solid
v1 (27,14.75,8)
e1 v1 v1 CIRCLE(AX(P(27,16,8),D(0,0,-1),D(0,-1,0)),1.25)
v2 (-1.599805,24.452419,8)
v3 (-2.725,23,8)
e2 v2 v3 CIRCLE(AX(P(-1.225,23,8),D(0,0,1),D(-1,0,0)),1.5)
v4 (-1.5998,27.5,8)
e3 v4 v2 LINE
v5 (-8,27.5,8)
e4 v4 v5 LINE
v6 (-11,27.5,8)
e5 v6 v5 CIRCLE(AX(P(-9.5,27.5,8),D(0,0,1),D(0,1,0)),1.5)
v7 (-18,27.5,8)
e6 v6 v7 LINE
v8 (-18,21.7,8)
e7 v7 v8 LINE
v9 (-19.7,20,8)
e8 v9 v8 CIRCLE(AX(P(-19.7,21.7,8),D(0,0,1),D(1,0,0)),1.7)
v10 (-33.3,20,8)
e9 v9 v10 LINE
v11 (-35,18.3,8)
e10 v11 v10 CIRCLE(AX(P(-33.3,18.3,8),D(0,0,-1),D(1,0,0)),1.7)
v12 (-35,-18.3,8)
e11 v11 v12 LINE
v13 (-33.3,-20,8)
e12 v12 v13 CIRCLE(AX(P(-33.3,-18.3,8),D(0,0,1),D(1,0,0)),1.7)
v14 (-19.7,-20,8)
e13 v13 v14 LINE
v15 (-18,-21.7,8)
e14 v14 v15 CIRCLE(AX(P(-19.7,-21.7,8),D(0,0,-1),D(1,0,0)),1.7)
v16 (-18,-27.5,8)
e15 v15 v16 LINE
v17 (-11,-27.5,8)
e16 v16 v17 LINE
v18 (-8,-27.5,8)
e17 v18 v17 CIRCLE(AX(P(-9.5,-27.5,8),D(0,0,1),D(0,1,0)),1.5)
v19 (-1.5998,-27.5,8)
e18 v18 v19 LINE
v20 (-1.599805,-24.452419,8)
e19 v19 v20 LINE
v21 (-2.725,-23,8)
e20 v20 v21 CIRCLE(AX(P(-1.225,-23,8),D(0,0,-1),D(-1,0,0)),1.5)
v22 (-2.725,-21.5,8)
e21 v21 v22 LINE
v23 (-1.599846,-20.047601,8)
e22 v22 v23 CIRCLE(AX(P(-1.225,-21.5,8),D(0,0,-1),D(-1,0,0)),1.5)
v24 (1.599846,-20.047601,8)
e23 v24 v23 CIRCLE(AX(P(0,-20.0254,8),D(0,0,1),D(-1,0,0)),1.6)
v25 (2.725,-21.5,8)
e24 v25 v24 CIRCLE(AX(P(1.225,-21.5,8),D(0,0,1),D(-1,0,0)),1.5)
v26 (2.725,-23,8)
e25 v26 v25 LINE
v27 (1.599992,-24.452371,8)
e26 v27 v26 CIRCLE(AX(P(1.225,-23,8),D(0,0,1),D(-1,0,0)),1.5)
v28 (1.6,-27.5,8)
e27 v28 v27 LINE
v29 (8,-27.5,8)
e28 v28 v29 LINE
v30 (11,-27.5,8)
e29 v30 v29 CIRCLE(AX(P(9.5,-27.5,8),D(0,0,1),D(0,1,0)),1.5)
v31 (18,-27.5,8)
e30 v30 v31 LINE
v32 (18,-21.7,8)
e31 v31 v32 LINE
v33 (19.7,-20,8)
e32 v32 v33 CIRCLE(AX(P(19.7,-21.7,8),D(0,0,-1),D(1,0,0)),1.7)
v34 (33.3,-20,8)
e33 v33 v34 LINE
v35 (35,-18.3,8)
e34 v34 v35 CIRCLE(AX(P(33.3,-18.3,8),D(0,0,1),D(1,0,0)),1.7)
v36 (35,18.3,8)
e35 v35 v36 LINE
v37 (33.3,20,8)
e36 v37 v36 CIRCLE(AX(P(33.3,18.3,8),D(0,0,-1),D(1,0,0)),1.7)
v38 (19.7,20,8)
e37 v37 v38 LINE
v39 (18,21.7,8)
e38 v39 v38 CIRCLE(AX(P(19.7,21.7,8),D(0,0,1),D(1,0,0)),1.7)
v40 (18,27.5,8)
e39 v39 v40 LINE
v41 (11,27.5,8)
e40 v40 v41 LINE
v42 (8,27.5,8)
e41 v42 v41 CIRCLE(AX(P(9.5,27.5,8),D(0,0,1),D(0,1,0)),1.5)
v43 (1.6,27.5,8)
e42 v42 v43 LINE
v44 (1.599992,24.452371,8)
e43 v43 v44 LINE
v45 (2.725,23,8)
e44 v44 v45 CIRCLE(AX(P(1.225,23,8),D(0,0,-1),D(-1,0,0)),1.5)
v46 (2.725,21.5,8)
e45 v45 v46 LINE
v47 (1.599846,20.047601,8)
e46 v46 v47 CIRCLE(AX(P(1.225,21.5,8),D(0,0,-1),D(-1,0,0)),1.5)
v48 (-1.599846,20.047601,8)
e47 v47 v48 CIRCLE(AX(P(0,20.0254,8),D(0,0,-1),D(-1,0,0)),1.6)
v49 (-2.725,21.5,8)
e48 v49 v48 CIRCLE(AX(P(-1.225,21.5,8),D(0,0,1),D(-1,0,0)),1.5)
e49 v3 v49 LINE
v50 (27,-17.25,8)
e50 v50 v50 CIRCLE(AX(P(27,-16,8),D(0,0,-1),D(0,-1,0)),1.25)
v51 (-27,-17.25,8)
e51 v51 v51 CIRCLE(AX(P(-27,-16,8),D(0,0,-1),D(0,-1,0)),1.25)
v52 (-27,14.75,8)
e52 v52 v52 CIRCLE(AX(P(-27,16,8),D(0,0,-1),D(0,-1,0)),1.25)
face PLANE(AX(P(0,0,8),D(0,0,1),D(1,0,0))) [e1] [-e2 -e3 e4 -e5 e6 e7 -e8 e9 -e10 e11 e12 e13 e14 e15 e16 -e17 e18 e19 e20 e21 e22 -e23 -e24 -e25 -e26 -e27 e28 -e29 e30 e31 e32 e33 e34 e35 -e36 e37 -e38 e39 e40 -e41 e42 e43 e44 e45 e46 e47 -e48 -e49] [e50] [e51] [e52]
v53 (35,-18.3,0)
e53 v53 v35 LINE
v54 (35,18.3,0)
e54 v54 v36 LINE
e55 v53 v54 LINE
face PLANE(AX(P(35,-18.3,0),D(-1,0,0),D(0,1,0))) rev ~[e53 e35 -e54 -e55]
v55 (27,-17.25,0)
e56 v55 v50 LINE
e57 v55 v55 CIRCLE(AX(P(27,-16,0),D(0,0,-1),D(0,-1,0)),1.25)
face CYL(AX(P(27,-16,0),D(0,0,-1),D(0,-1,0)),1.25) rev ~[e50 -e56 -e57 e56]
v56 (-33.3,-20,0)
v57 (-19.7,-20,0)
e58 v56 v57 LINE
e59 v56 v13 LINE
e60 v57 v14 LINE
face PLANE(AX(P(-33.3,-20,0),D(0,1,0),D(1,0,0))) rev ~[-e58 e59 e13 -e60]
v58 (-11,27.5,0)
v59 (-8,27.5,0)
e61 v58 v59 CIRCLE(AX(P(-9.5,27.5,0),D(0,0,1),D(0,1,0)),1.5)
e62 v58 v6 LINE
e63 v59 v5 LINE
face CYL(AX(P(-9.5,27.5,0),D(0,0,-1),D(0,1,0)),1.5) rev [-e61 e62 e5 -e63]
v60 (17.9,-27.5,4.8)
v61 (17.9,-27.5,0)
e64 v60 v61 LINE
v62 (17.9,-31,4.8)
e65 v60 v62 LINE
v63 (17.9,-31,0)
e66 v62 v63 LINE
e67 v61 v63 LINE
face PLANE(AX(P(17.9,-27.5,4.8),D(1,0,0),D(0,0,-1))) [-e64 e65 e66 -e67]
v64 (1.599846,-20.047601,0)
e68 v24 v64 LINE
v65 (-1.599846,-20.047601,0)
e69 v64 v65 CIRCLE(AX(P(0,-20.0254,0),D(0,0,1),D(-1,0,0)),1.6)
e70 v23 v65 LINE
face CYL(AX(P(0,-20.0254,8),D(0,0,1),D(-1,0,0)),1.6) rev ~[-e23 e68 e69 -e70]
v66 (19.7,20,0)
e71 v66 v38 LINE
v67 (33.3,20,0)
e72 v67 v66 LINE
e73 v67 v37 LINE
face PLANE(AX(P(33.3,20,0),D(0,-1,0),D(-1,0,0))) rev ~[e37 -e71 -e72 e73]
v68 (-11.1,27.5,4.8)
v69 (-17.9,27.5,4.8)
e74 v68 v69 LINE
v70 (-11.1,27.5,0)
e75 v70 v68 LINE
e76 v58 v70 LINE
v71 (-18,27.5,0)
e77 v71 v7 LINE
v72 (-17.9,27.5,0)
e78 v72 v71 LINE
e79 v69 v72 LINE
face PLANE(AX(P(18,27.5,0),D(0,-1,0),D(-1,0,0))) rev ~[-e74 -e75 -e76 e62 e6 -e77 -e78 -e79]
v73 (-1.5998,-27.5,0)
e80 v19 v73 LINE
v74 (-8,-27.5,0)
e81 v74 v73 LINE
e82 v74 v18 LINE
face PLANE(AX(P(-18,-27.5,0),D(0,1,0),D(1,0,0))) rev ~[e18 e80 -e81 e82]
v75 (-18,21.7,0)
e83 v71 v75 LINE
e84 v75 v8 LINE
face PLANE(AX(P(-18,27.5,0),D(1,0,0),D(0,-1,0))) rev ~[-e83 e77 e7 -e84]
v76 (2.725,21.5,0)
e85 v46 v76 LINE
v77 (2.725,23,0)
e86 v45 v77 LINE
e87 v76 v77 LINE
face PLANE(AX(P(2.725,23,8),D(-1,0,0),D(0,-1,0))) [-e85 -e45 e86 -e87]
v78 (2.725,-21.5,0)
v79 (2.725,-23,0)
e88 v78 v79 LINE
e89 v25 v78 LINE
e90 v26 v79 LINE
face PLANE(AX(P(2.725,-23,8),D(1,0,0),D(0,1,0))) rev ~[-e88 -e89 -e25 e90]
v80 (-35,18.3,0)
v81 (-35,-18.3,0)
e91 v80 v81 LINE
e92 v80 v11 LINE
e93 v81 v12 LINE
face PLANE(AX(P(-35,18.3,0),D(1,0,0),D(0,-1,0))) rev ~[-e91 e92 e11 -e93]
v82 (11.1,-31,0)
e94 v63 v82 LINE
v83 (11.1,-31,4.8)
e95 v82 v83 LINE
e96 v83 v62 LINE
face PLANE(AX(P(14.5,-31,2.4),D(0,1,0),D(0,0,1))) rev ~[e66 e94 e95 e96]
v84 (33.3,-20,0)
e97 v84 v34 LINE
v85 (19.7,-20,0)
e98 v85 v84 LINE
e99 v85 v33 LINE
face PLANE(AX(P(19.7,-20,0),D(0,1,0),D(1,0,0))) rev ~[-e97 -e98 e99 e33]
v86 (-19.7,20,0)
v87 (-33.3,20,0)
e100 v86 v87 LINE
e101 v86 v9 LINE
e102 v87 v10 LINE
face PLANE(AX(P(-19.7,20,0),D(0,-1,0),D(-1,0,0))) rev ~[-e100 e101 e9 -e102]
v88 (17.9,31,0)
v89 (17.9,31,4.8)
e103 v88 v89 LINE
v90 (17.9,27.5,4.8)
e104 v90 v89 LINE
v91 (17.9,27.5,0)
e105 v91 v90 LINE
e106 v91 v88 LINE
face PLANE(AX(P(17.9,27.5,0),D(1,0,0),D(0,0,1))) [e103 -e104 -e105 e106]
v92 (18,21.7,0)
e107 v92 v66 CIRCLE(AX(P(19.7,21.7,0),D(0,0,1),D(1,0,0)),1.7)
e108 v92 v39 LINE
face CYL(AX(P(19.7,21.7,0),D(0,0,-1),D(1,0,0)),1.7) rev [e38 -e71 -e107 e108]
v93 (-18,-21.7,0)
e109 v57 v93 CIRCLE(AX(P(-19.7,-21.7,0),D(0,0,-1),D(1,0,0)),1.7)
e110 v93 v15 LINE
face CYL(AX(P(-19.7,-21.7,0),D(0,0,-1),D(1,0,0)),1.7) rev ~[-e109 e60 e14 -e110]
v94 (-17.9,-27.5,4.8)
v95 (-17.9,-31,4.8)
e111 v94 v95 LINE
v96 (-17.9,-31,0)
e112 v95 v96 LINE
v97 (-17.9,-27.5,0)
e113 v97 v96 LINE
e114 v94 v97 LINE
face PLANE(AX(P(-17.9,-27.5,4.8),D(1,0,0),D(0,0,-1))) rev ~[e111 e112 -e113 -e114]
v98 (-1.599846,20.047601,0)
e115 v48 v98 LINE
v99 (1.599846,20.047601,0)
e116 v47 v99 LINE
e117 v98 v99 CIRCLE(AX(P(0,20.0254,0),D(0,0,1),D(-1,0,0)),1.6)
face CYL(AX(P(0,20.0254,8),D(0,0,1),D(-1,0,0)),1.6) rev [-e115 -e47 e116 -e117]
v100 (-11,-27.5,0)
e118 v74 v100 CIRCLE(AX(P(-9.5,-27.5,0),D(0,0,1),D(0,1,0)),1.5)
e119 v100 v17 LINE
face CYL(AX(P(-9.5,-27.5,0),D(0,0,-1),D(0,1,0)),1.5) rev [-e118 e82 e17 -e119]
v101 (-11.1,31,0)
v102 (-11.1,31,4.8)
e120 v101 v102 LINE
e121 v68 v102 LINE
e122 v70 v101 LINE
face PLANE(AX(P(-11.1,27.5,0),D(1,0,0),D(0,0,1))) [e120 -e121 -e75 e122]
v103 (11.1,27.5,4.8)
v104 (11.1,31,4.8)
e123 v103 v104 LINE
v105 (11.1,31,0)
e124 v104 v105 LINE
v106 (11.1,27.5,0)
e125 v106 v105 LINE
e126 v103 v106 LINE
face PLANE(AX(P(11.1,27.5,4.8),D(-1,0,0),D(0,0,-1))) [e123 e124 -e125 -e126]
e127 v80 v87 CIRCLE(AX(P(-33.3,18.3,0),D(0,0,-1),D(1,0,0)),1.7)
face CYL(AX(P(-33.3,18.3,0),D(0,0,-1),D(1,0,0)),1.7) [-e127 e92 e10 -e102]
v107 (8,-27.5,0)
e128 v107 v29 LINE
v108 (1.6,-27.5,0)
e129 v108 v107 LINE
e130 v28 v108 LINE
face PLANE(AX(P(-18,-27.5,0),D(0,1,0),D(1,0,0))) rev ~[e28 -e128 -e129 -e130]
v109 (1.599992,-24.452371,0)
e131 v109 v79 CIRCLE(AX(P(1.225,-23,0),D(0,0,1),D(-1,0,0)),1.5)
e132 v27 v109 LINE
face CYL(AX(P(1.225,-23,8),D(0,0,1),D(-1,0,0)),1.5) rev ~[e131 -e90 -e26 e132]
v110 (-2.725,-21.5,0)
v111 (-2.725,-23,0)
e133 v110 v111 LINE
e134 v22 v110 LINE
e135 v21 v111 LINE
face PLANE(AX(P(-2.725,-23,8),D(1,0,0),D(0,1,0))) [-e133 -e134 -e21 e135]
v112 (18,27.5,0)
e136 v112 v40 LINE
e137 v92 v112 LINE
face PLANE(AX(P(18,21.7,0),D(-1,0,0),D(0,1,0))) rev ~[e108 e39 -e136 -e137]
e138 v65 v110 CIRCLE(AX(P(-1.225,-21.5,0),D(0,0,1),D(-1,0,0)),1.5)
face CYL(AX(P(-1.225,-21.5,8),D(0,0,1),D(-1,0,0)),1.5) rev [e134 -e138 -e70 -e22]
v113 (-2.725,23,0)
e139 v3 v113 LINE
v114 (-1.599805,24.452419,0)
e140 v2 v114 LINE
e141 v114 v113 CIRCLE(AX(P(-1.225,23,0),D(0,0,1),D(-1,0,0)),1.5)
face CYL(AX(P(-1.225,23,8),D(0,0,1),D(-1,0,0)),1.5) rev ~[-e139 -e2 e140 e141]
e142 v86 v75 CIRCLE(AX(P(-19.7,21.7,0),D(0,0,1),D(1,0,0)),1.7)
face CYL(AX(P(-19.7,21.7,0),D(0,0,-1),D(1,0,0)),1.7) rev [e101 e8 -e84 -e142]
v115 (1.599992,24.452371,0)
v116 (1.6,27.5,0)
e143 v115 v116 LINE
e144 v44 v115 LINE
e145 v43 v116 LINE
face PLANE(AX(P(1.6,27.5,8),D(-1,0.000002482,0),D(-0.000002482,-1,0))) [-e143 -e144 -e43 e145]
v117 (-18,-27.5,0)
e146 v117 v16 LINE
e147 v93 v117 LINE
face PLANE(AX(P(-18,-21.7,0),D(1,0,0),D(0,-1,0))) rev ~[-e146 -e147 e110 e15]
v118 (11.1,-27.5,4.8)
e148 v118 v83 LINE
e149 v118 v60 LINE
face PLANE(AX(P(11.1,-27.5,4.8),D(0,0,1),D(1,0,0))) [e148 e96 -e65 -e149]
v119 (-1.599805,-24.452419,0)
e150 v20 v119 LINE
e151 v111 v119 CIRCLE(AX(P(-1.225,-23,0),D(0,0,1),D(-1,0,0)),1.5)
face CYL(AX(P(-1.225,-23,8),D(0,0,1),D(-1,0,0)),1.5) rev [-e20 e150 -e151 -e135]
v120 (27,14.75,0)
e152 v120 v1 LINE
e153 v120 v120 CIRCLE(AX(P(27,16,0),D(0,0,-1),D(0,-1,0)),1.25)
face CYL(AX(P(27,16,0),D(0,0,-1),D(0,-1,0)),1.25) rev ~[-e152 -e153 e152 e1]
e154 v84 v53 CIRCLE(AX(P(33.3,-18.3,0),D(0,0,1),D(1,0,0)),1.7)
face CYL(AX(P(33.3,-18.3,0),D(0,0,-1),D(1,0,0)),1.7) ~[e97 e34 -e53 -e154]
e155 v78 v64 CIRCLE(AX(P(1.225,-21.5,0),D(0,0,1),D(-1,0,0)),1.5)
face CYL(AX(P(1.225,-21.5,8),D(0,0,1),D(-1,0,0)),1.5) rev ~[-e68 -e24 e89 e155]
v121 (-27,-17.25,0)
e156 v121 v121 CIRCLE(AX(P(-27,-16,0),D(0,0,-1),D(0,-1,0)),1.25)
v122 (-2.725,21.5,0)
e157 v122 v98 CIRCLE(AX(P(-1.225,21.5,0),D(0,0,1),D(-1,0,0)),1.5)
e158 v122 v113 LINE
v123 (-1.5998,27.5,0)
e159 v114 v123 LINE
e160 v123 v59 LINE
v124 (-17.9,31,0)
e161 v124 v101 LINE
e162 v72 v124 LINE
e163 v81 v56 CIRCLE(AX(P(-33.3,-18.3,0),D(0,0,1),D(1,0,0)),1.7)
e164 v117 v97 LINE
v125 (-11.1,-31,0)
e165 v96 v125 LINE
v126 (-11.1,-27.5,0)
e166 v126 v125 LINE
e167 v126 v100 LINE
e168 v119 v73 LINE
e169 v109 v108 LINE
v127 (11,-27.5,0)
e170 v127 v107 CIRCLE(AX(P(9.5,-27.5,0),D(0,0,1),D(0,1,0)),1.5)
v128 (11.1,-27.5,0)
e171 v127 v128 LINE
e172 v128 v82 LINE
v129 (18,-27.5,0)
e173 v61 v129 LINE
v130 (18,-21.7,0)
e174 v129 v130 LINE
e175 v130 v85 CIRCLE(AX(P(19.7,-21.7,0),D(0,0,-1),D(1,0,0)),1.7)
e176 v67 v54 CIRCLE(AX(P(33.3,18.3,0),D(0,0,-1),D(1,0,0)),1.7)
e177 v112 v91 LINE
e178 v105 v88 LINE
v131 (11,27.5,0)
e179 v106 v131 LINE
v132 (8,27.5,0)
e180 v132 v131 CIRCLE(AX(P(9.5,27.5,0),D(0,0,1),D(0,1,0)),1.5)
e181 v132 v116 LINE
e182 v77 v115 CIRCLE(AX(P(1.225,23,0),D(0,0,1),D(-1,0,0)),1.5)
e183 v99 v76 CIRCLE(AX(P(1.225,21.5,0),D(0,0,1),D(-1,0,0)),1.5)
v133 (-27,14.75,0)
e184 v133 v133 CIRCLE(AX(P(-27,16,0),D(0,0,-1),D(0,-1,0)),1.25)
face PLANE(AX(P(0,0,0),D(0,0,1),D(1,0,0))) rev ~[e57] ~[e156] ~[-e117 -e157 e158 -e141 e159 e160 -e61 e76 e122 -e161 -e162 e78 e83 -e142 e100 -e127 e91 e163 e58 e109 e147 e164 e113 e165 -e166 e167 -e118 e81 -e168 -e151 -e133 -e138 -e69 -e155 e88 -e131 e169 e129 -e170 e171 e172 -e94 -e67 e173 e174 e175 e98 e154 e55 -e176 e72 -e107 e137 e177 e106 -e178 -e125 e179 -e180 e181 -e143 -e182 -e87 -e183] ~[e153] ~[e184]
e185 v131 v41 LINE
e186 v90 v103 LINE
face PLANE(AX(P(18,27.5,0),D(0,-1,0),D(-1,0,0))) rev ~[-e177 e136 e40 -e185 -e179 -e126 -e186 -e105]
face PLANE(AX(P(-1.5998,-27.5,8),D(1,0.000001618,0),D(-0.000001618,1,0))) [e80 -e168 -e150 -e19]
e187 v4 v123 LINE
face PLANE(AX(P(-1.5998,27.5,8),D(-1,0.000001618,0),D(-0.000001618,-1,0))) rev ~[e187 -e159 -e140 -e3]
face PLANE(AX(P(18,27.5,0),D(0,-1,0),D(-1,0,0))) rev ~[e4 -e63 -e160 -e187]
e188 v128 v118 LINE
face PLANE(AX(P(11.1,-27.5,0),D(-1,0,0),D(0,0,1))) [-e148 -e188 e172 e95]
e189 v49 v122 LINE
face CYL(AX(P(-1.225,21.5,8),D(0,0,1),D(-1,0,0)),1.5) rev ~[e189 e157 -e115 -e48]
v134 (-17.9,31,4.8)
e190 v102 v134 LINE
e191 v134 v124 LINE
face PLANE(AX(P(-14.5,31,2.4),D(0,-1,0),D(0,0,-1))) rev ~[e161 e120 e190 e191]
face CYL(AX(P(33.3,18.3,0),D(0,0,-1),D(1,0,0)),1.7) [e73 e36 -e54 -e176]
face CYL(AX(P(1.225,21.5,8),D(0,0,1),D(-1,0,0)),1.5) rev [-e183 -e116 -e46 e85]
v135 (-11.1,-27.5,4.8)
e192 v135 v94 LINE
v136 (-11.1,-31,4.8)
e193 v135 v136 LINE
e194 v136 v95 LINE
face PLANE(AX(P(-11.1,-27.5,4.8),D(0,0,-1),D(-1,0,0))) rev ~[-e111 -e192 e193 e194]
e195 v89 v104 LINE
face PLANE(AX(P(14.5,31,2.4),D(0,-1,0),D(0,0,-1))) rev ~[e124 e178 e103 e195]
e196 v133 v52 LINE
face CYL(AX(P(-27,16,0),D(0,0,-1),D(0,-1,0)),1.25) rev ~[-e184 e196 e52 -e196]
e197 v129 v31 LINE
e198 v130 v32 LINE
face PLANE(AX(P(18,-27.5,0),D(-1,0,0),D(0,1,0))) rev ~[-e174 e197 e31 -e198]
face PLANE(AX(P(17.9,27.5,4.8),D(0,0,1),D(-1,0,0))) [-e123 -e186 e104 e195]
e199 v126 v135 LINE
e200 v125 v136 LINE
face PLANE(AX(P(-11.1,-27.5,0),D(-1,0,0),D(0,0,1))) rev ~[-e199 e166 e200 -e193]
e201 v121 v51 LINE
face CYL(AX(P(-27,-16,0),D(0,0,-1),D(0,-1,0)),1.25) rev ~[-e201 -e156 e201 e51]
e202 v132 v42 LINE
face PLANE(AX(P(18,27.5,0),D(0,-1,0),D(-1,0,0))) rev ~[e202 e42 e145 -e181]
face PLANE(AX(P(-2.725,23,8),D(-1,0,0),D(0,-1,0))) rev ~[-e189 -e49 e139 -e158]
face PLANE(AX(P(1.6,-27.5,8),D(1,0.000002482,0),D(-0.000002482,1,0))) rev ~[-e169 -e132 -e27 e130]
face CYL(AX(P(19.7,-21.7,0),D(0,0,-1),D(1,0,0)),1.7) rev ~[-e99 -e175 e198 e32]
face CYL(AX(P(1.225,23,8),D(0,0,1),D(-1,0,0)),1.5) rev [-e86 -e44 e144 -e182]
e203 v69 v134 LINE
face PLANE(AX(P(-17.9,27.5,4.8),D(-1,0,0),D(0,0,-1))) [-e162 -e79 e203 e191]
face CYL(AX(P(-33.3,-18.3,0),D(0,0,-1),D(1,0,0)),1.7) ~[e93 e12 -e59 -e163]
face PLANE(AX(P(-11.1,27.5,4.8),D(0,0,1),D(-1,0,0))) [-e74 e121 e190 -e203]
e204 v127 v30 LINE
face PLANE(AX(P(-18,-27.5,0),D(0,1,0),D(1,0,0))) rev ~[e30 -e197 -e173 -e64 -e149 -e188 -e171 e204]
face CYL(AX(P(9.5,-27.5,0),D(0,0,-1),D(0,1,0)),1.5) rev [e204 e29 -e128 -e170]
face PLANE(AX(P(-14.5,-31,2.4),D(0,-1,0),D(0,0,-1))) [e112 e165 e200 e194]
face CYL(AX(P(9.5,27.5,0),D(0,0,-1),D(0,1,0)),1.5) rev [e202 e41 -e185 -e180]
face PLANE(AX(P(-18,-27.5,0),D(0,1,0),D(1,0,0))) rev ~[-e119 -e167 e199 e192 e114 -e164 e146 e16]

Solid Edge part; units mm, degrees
sketch "Sketch1" plane through (0, 0, 0) normal (0, 0, 1) x (1, 0, 0)
  line L0 (-18, -27.5) -> (18, -27.5)
  line L1 (18, -27.5) -> (18, -21.7)
  arc A0 (18, -21.7) -> (19.7, -20) centre (19.7, -21.7) cw
  line L2 (19.7, -20) -> (33.3, -20)
  arc A1 (33.3, -20) -> (35, -18.3) centre (33.3, -18.3) ccw
  line L3 (35, -18.3) -> (35, 18.3)
  arc A2 (33.3, 20) -> (35, 18.3) centre (33.3, 18.3) cw
  line L4 (33.3, 20) -> (19.7, 20)
  arc A3 (18, 21.7) -> (19.7, 20) centre (19.7, 21.7) ccw
  line L5 (18, 21.7) -> (18, 27.5)
  line L6 (18, 27.5) -> (-18, 27.5)
  line L7 (-18, 27.5) -> (-18, 21.7)
  arc A4 (-19.7, 20) -> (-18, 21.7) centre (-19.7, 21.7) ccw
  line L8 (-19.7, 20) -> (-33.3, 20)
  arc A5 (-35, 18.3) -> (-33.3, 20) centre (-33.3, 18.3) cw
  line L9 (-35, 18.3) -> (-35, -18.3)
  arc A6 (-35, -18.3) -> (-33.3, -20) centre (-33.3, -18.3) ccw
  line L10 (-33.3, -20) -> (-19.7, -20)
  arc A7 (-19.7, -20) -> (-18, -21.7) centre (-19.7, -21.7) cw
  line L11 (-18, -21.7) -> (-18, -27.5)
extrude "Protrusion1" add sketch "Sketch1" along normal blind 8
sketch "Sketch2" plane through (0, -27.5, 4) normal (0, -1, 0) x (1, 0, 0)
  line L0 (-11.1, 0.8) -> (-17.9, 0.8)
  line L1 (-17.9, 0.8) -> (-17.9, -4)
  line L2 (-17.9, -4) -> (-11.1, -4)
  line L3 (-11.1, -4) -> (-11.1, 0.8)
  line L4 (11.1, 0.8) -> (17.9, 0.8)
  line L5 (17.9, 0.8) -> (17.9, -4)
  line L6 (17.9, -4) -> (11.1, -4)
  line L7 (11.1, -4) -> (11.1, 0.8)
extrude "ExtrudedProtrusion_2" add sketch "Sketch2" along normal blind 3.5
sketch "Sketch3" plane through (0, 27.5, 4) normal (0, 1, 0) x (-1, 0, 0)
  line L0 (-17.9, 0.8) -> (-11.1, 0.8)
  line L1 (-11.1, 0.8) -> (-11.1, -4)
  line L2 (-11.1, -4) -> (-17.9, -4)
  line L3 (-17.9, -4) -> (-17.9, 0.8)
extrude "ExtrudedProtrusion_3" add sketch "Sketch3" along normal blind 3.5
sketch "Sketch4" plane through (0, 0, 0) normal (0, 0, -1) x (0, 1, 0)
  arc A0 (-27.5, -8) -> (-27.5, -11) centre (-27.5, -9.5) cw
  line L0 (-27.5, -8) -> (-27.5, -11)
  arc A1 (-27.5, 11) -> (-27.5, 8) centre (-27.5, 9.5) cw
  line L1 (-27.5, 8) -> (-27.5, 11)
  arc A2 (27.5, -11) -> (27.5, -8) centre (27.5, -9.5) cw
  line L2 (27.5, -8) -> (27.5, -11)
  arc A3 (27.5, 8) -> (27.5, 11) centre (27.5, 9.5) cw
  line L3 (27.5, 8) -> (27.5, 11)
extrude "ExtrudedCutout_2" cut sketch "Sketch4" against normal blind 8
sketch "Sketch5" plane through (0, 27.5, 4) normal (0, 1, 0) x (-1, 0, 0)
  line L0 (11.1, 0.8) -> (17.9, 0.8)
  line L1 (17.9, 0.8) -> (17.9, -4)
  line L2 (17.9, -4) -> (11.1, -4)
  line L3 (11.1, -4) -> (11.1, 0.8)
extrude "ExtrudedProtrusion_4" add sketch "Sketch5" along normal blind 3.5
sketch "Sketch6" plane through (0, 0, 8) normal (0, 0, 1) x (-1, 0, 0)
  arc A0 (-1.5998, 20.0476) -> (1.5998, 20.0476) centre (0, 20.0254) ccw
  arc A1 (2.725, 21.5) -> (1.5998, 20.0476) centre (1.225, 21.5) cw
  line L0 (2.725, 23) -> (2.725, 21.5)
  arc A2 (1.5998, 24.4524) -> (2.725, 23) centre (1.225, 23) cw
  line L1 (1.5998, 27.5) -> (1.5998, 24.4524)
  line L2 (0, 27.5) -> (1.5998, 27.5)
  line L3 (0, 27.5) -> (-1.6, 27.5)
  line L4 (-1.6, 27.5) -> (-1.6, 24.4524)
  arc A3 (-1.6, 24.4524) -> (-2.725, 23) centre (-1.225, 23) ccw
  line L5 (-2.725, 23) -> (-2.725, 21.5)
  arc A4 (-2.725, 21.5) -> (-1.5998, 20.0476) centre (-1.225, 21.5) ccw
  arc A5 (-1.5998, -20.0476) -> (1.5998, -20.0476) centre (0, -20.0254) cw
  arc A6 (2.725, -21.5) -> (1.5998, -20.0476) centre (1.225, -21.5) ccw
  line L6 (2.725, -23) -> (2.725, -21.5)
  arc A7 (1.5998, -24.4524) -> (2.725, -23) centre (1.225, -23) ccw
  line L7 (1.5998, -27.5) -> (1.5998, -24.4524)
  line L8 (0, -27.5) -> (1.5998, -27.5)
  line L9 (0, -27.5) -> (-1.6, -27.5)
  line L10 (-1.6, -27.5) -> (-1.6, -24.4524)
  arc A8 (-1.6, -24.4524) -> (-2.725, -23) centre (-1.225, -23) cw
  line L11 (-2.725, -23) -> (-2.725, -21.5)
  arc A9 (-2.725, -21.5) -> (-1.5998, -20.0476) centre (-1.225, -21.5) cw
extrude "Cutout1" cut sketch "Sketch6" against normal up to next
sketch "Sketch7" plane through (0, 0, 0) normal (0, 0, -1) x (0, -1, 0)
  circle A0 centre (16, 27) radius 1.25
  circle A1 centre (-16, 27) radius 1.25
  circle A2 centre (-16, -27) radius 1.25
  circle A3 centre (16, -27) radius 1.25
extrude "Cutout2" cut sketch "Sketch7" against normal through all
properties material "Polycarbonate"
